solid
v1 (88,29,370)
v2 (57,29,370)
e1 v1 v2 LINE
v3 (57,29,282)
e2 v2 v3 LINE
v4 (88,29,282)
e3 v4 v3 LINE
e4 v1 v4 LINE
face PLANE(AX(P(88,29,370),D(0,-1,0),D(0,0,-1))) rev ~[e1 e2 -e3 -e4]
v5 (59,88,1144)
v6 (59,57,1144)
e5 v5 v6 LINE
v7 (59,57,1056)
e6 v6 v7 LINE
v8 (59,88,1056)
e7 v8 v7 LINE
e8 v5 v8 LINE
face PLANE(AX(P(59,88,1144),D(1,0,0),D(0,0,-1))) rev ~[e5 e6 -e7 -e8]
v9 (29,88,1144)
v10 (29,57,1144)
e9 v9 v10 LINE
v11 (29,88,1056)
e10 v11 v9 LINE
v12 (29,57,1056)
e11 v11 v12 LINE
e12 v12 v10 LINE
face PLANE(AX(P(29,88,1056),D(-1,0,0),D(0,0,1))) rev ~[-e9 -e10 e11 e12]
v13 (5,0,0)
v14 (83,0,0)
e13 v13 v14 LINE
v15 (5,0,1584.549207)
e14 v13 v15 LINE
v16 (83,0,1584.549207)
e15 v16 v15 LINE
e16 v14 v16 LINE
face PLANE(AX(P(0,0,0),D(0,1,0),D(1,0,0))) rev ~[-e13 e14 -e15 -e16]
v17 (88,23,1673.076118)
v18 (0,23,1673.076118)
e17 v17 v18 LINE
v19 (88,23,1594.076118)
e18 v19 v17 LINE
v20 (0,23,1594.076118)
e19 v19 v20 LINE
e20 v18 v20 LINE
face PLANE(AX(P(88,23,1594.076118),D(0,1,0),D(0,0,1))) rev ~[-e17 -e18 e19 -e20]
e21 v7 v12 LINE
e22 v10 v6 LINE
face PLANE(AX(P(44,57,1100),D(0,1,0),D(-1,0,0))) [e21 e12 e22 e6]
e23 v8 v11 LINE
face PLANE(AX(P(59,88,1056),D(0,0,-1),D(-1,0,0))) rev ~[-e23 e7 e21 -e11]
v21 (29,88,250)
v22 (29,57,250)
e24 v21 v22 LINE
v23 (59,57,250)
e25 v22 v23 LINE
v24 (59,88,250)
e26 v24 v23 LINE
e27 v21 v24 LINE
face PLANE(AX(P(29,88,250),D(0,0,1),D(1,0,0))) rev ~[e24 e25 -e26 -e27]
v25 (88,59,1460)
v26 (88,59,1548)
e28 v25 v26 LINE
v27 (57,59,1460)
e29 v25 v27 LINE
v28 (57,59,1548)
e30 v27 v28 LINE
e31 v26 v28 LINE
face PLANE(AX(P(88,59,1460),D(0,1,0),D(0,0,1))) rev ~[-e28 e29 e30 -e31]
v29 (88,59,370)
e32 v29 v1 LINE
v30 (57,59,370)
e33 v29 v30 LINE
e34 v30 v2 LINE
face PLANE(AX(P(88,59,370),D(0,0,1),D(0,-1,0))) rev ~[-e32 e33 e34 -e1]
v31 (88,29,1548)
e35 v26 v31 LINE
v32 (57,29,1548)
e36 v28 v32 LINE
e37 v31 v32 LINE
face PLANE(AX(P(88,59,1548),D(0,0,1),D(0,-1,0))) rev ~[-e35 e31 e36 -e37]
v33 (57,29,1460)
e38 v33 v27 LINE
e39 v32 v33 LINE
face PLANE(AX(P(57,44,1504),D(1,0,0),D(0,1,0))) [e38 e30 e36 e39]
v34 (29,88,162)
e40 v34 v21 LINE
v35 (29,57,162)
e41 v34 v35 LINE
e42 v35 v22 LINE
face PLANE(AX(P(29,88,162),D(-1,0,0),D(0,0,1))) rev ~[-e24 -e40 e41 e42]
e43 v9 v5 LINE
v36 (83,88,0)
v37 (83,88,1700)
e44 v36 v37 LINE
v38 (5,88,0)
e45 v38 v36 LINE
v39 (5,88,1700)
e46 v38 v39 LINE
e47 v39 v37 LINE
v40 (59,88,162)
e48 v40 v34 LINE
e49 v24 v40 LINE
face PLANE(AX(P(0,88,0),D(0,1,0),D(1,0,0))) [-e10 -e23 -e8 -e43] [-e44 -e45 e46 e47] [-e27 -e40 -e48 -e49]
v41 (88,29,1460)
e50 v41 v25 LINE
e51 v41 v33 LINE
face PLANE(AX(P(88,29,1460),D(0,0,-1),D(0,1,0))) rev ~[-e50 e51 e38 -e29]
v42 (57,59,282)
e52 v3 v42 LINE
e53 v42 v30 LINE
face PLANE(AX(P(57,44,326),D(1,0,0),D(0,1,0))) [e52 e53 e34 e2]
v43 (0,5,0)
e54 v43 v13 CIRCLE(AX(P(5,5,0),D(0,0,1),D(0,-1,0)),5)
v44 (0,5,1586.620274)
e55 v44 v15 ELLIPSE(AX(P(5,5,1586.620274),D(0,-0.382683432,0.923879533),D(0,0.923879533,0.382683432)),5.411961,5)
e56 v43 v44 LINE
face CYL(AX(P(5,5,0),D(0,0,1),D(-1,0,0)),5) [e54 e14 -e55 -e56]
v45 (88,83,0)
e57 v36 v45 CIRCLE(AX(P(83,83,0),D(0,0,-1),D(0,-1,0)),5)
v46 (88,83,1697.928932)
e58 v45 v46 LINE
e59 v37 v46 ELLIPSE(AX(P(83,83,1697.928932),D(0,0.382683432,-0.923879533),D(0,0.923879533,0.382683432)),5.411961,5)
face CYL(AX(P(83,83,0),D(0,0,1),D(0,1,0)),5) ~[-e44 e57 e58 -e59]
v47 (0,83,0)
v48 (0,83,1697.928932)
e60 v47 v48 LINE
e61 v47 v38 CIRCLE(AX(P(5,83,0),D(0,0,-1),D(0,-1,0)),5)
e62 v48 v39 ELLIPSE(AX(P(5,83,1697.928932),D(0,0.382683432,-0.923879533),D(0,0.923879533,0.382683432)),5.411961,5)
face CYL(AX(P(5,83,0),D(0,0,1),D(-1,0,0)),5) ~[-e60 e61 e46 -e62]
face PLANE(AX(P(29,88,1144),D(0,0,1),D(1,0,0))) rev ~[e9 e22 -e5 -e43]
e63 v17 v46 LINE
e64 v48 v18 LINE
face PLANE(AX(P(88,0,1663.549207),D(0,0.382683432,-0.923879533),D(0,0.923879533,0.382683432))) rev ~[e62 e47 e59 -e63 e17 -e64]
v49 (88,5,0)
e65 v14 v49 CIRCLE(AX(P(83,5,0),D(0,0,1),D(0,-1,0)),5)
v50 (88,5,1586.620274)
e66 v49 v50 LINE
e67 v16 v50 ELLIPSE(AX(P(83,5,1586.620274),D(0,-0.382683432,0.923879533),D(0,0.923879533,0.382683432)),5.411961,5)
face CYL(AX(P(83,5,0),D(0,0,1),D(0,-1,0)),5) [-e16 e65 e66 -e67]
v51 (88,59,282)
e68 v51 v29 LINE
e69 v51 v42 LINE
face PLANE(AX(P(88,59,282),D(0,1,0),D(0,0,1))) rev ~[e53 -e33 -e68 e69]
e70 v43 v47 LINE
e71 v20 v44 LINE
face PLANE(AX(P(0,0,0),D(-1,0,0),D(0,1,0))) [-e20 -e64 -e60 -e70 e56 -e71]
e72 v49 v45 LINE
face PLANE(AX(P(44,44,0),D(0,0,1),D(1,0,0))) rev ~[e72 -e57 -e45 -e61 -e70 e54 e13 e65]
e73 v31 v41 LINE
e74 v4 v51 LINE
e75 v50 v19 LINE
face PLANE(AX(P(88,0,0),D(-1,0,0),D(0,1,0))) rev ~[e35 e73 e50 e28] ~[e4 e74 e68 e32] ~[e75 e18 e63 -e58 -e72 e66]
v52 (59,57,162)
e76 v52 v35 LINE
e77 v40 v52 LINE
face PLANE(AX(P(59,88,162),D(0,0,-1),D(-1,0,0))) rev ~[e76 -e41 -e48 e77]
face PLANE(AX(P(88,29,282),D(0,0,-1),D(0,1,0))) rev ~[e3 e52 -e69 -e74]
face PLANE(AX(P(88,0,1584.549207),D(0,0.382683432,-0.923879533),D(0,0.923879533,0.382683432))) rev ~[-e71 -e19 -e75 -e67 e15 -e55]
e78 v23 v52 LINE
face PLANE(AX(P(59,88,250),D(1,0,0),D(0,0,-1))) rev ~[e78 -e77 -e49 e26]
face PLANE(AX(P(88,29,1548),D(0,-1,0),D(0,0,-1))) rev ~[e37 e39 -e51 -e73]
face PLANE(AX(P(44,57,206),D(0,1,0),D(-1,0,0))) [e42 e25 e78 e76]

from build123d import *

# Parameters (mm, degrees)
F0_W      = 88
F0_H      = 88
F1_DEPTH  = 1700
F3_DEPTH  = 31
F5_DEPTH  = 31
F7_DEPTH  = 88.001
F9_DEPTH  = 88.001
F11_DEPTH = 31
F13_DEPTH = 31
F14_R     = 5


with BuildPart() as f1:
    # F0 (on Top) → F1 (new body)
    with BuildSketch(Plane.XY):
        with Locations((44, 44)):
            Rectangle(F0_W, F0_H)
    extrude(amount=F1_DEPTH)

    # F2 (on face) → F3 (cut)
    with BuildSketch(Plane.YZ.offset(88)):
        Polygon((29, 282), (44, 282), (59, 282), (59, 370), (29, 370), align=None)
    extrude(amount=-F3_DEPTH, mode=Mode.SUBTRACT)

    # F4 (on face) → F5 (cut)
    with BuildSketch(Plane.YZ.offset(88)):
        Polygon((29, 1460), (44, 1460), (59, 1460), (59, 1548), (29, 1548), align=None)
    extrude(amount=-F5_DEPTH, mode=Mode.SUBTRACT)

    # F6 (on face) → F7 (cut, through all)
    with BuildSketch(Plane.YZ.offset(88)):
        Polygon((0, 1663.5492065112), (88, 1700), (0, 1700), align=None)
    extrude(amount=-F7_DEPTH, mode=Mode.SUBTRACT)

    # F8 (on face) → F9 (cut, through all)
    with BuildSketch(Plane.YZ.offset(88)):
        Polygon((23, 1594.0761184457), (23, 1673.0761184457), (0, 1663.5492065112), (0, 1584.5492065112), align=None)
    extrude(amount=-F9_DEPTH, mode=Mode.SUBTRACT)

    # F10 (on face) → F11 (cut)
    with BuildSketch(Plane(origin=(0, 88, 0), x_dir=(-1, 0, 0), z_dir=(0, 1, 0))):
        Polygon((-59, 162), (-44, 162), (-29, 162), (-29, 250), (-59, 250), align=None)
    extrude(amount=-F11_DEPTH, mode=Mode.SUBTRACT)

    # F12 (on face) → F13 (cut)
    with BuildSketch(Plane(origin=(0, 88, 0), x_dir=(-1, 0, 0), z_dir=(0, 1, 0))):
        Polygon((-59, 1056), (-44, 1056), (-29, 1056), (-29, 1144), (-59, 1144), align=None)
    extrude(amount=-F13_DEPTH, mode=Mode.SUBTRACT)

    # F14
    f14_edges = [f1.edges().sort_by_distance(p)[0] for p in [
        (88, 0, 792.274603),
        (0, 0, 792.274603),
        (88, 88, 850),
        (0, 88, 850),
    ]]
    fillet(f14_edges, radius=F14_R)


solid = f1.part
